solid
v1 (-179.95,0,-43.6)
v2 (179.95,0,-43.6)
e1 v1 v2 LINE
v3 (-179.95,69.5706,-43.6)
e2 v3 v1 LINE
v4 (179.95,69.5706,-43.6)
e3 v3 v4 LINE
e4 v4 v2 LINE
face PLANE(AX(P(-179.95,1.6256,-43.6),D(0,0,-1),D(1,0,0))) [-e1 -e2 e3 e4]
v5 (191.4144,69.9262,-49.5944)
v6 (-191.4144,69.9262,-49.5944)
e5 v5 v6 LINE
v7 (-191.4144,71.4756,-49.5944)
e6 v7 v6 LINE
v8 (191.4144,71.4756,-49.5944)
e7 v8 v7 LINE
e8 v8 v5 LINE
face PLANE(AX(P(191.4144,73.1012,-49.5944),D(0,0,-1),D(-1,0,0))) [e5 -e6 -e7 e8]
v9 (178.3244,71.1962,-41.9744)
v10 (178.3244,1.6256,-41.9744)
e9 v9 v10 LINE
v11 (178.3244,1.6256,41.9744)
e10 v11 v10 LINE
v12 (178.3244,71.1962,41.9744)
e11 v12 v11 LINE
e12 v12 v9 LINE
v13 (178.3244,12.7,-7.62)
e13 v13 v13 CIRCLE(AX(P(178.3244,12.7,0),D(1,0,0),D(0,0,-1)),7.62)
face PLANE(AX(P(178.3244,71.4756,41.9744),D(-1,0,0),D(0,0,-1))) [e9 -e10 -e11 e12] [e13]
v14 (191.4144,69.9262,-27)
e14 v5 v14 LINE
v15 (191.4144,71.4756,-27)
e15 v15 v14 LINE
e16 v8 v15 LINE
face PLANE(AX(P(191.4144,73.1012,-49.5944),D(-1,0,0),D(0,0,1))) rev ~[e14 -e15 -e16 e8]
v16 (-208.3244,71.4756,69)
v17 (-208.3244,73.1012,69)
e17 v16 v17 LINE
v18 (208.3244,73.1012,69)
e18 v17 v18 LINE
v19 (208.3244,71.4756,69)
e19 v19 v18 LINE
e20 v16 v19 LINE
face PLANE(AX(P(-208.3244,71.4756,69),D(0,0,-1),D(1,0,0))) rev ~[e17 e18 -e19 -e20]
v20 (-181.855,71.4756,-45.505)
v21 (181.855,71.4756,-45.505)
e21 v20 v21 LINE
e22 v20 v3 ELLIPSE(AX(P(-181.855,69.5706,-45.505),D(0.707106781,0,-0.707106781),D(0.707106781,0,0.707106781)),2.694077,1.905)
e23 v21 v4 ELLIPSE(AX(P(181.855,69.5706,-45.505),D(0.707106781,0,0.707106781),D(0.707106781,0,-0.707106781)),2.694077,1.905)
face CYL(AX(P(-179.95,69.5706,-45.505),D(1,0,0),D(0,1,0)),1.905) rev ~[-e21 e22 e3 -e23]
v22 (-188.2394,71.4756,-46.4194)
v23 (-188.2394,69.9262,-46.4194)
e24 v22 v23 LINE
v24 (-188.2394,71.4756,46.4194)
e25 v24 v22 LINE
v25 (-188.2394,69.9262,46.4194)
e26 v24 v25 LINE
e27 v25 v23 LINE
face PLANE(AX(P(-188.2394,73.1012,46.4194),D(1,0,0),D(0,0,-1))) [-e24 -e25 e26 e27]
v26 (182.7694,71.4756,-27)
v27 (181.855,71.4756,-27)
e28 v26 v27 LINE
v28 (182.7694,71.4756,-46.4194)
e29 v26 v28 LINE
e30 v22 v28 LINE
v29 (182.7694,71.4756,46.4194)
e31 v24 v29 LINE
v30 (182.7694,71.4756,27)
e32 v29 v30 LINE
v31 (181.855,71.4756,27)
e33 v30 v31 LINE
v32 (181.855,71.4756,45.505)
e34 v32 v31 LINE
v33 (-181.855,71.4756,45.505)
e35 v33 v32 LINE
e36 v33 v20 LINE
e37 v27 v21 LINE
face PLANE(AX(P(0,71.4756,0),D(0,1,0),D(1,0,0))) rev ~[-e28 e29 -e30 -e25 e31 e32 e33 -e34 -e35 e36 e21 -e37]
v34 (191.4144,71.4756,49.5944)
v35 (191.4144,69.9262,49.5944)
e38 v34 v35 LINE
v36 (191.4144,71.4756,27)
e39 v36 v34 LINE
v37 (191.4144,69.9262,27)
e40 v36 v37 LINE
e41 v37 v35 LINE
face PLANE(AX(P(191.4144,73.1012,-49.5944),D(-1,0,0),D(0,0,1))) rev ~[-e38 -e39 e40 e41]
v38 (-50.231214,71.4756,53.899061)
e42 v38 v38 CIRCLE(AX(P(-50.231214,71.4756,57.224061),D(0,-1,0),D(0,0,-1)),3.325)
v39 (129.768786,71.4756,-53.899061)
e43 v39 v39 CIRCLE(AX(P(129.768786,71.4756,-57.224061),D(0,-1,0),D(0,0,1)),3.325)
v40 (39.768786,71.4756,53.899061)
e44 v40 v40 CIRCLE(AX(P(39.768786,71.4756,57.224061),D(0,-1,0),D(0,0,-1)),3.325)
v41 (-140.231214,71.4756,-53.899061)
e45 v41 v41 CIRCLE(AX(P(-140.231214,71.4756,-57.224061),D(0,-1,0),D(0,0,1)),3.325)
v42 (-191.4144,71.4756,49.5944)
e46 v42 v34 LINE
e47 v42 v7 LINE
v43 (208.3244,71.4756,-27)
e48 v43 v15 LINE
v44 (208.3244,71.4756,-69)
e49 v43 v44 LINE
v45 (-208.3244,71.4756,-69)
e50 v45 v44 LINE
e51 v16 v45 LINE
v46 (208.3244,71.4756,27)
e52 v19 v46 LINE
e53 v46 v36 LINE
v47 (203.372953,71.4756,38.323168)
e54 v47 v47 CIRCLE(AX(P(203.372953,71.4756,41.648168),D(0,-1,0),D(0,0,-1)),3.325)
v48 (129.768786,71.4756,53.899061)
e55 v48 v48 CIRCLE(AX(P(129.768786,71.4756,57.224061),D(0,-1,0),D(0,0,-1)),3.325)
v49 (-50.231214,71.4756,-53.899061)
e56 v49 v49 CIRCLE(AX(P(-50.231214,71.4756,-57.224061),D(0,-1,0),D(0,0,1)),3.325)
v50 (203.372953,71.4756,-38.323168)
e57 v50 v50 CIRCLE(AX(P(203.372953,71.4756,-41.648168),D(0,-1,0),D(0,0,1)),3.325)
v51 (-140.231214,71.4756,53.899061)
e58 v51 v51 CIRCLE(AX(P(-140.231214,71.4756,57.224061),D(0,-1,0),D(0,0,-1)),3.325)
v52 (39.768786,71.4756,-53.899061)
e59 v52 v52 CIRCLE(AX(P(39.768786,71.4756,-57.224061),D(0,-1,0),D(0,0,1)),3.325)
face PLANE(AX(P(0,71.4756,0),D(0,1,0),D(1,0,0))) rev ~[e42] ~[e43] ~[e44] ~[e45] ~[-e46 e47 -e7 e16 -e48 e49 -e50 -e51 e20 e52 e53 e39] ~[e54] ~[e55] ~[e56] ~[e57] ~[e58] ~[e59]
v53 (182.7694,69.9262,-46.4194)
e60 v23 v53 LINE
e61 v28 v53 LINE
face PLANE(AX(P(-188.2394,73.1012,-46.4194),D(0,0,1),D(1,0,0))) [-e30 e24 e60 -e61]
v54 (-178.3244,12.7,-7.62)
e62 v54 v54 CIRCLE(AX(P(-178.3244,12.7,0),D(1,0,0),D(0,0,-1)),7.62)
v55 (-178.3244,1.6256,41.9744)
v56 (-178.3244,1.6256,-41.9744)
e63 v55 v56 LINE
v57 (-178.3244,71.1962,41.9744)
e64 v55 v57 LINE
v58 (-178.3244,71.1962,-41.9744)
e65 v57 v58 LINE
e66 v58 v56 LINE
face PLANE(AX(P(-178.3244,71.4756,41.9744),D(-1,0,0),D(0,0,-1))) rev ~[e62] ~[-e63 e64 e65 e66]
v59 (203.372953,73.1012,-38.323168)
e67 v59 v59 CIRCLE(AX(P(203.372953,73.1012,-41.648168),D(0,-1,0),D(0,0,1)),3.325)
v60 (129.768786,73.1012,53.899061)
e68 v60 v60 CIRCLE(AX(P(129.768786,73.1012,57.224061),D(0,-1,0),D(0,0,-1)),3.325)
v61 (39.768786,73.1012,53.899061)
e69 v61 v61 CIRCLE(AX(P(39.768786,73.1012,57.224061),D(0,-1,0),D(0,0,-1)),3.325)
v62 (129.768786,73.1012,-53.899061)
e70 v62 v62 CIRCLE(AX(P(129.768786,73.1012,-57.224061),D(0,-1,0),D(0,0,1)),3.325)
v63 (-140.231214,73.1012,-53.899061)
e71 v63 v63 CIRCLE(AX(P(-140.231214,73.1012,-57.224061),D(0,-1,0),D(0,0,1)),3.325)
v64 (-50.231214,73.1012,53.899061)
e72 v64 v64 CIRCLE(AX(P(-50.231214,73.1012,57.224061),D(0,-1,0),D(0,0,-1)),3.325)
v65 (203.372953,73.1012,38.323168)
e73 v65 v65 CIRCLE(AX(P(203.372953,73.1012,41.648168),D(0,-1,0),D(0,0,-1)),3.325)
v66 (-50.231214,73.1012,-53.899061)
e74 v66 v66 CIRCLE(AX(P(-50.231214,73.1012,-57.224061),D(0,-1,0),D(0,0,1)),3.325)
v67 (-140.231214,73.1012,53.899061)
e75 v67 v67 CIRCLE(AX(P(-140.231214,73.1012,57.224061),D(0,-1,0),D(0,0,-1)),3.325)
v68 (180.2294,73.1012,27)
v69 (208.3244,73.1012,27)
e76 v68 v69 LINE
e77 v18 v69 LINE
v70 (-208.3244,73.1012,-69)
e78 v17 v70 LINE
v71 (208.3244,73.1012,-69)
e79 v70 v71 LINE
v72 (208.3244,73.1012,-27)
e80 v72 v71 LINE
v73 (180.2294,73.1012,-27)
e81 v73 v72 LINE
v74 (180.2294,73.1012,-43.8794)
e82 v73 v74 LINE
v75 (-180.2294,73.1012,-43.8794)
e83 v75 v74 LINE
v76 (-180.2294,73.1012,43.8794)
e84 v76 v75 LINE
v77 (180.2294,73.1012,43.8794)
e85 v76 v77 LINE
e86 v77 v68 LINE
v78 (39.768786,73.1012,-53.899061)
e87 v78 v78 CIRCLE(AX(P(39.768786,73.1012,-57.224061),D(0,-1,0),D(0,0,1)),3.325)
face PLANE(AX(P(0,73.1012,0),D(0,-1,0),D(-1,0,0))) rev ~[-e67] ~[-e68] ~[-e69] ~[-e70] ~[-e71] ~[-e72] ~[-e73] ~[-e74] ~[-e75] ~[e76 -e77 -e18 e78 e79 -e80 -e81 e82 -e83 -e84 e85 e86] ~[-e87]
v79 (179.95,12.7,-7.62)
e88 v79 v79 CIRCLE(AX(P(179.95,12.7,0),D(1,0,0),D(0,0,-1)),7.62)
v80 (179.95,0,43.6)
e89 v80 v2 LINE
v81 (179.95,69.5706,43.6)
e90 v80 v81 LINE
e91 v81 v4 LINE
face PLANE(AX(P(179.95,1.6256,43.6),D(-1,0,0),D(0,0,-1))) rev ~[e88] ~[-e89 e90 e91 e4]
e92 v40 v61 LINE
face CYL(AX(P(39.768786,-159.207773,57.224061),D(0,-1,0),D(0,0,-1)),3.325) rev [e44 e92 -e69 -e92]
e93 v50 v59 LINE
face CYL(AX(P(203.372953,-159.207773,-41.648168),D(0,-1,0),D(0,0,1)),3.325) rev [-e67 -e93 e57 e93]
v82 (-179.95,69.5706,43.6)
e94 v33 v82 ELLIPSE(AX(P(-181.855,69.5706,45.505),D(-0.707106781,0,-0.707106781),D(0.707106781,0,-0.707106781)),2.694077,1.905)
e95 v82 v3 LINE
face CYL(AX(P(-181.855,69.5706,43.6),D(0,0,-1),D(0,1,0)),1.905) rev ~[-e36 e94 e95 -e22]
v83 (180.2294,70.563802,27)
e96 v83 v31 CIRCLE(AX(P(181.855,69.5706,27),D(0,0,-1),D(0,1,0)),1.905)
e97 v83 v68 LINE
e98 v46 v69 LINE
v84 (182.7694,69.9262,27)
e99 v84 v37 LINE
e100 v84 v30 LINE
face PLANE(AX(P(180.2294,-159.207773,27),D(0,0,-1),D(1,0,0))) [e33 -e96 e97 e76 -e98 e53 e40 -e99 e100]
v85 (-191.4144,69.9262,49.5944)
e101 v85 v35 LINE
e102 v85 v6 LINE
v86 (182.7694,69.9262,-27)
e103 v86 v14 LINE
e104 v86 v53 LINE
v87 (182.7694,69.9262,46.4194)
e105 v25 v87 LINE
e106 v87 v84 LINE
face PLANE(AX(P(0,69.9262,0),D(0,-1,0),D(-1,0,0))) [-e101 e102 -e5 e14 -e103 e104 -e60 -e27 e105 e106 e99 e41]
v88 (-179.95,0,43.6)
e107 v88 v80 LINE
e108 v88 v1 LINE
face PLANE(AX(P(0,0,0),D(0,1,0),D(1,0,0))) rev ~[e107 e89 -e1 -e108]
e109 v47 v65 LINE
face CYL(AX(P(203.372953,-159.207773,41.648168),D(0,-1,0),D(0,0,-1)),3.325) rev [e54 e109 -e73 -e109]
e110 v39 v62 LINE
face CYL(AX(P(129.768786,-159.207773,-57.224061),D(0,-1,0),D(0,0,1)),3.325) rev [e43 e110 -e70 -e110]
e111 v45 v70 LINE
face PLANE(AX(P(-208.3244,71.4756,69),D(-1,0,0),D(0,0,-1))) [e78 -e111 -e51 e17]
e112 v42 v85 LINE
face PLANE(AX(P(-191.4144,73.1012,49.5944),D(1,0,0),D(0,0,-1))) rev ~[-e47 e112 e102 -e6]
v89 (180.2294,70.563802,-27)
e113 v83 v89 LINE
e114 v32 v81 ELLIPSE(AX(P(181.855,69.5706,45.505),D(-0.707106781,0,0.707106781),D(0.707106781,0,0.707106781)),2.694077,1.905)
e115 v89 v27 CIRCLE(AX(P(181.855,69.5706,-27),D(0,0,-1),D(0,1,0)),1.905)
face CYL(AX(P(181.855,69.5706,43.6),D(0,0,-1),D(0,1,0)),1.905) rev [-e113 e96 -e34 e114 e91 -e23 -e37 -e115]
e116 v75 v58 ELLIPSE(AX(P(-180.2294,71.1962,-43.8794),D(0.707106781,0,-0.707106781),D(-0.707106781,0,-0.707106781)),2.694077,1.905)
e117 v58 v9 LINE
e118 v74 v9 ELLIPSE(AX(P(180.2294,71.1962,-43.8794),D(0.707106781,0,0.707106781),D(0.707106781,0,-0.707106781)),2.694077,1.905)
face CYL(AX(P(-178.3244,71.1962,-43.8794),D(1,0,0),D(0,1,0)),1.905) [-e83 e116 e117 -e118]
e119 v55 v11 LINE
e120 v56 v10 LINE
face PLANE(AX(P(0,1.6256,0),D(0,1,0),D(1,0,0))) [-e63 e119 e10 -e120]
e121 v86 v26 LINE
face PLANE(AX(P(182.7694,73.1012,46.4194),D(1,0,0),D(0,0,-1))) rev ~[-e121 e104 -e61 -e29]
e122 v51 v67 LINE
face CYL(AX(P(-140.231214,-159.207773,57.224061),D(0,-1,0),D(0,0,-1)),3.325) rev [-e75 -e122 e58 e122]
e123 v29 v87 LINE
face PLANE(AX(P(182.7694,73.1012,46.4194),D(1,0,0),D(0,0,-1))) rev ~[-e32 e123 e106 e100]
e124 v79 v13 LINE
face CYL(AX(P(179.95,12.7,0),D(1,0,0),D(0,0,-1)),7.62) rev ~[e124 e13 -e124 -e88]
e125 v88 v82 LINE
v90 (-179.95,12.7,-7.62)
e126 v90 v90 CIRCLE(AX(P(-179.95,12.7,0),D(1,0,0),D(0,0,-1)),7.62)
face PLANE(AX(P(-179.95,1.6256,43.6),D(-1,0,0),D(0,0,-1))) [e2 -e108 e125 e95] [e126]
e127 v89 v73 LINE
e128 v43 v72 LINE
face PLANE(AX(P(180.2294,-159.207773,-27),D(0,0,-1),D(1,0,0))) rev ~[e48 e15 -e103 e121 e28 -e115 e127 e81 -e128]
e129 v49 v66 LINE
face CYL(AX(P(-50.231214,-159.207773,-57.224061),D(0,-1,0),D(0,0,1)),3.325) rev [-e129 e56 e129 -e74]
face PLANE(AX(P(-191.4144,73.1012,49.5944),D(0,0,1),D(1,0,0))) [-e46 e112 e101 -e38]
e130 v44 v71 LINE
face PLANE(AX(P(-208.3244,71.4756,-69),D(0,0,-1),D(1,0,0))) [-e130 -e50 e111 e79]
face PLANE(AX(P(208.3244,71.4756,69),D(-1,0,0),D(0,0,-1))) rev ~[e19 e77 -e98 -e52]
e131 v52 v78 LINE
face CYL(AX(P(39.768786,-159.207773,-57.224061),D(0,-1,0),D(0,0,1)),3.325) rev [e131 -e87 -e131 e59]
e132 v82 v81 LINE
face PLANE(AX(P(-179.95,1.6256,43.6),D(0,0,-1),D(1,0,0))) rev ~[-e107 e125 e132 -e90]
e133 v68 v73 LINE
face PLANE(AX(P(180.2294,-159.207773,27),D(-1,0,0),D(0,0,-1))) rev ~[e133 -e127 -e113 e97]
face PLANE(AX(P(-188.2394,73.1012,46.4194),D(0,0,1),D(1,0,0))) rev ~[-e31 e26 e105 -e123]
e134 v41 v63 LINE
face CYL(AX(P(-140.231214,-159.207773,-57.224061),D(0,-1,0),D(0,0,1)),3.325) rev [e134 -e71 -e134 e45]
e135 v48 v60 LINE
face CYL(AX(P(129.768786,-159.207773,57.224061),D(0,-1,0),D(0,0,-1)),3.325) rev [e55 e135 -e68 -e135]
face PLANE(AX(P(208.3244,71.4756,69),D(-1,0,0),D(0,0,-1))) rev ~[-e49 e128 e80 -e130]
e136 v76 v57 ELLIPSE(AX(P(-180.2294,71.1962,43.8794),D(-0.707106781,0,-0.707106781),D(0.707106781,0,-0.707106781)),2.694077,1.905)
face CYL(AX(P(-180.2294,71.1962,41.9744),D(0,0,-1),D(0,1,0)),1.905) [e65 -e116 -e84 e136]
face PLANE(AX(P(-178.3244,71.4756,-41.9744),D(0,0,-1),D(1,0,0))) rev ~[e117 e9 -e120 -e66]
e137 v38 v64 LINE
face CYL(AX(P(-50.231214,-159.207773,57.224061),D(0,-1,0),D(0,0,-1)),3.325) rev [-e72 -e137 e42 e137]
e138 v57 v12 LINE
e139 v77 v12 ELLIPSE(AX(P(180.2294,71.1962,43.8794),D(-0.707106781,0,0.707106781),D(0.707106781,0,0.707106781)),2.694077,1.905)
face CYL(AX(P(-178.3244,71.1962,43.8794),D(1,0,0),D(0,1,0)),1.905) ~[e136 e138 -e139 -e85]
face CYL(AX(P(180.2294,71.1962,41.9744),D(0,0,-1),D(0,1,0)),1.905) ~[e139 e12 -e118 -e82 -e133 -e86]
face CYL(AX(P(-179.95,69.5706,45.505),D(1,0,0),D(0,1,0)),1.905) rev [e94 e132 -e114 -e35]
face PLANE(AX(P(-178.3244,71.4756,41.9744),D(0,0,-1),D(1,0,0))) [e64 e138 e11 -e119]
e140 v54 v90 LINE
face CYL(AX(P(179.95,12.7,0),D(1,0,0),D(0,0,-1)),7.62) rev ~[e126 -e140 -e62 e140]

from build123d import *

# Parameters (mm, degrees)
SKETCH1_W               = 359.9
SKETCH1_H               = 87.2
BOSS_EXTRUDE1_DEPTH     = 1.6256
SKETCH2_W               = 359.9
SKETCH2_H               = 87.2
SKETCH2_W_2             = 356.6488
SKETCH2_H_2             = 83.9488
BOSS_EXTRUDE2_DEPTH     = 69.85
SKETCH3_W               = 416.6488
SKETCH3_H               = 138
SKETCH3_W_2             = 356.6488
SKETCH3_H_2             = 83.9488
BOSS_EXTRUDE3_DEPTH     = 1.6256
FILLET1_R               = 1.905
SKETCH6_W               = 371.0088
SKETCH6_H               = 92.8388
BOSS_EXTRUDE4_DEPTH     = 3.175
SKETCH8_R               = 7.62
CUT_EXTRUDE2_DEPTH      = 402.075797246
CUT_EXTRUDE4_DEPTH      = 232.308973187
CUT_EXTRUDE4_DEPTH_BACK = 232.308973187
SKETCH17_W              = 28.095
SKETCH17_H              = 54
CUT_EXTRUDE5_DEPTH      = 232.308973187
CUT_EXTRUDE5_DEPTH_BACK = 232.308973187
SKETCH18_R              = 3.325


with BuildPart() as part:
    # Sketch1 → Boss-Extrude1 (new body)
    with BuildSketch(Plane(origin=(0, 0, 0), x_dir=(1, 0, 0), z_dir=(0, 1, 0))):
        Rectangle(SKETCH1_W, SKETCH1_H)
    extrude(amount=BOSS_EXTRUDE1_DEPTH)

    # Sketch2 → Boss-Extrude2 (add)
    with BuildSketch(Plane(origin=(0, 1.6256, 0), x_dir=(1, 0, 0), z_dir=(0, 1, 0))):
        Rectangle(SKETCH2_W, SKETCH2_H)
        Rectangle(SKETCH2_W_2, SKETCH2_H_2, mode=Mode.SUBTRACT)
    extrude(amount=BOSS_EXTRUDE2_DEPTH)

    # Sketch3 → Boss-Extrude3 (add)
    with BuildSketch(Plane(origin=(0, 71.4756, 0), x_dir=(1, 0, 0), z_dir=(0, 1, 0))):
        Rectangle(SKETCH3_W, SKETCH3_H)
        Rectangle(SKETCH3_W_2, SKETCH3_H_2, mode=Mode.SUBTRACT)
    extrude(amount=BOSS_EXTRUDE3_DEPTH)

    # Fillet1
    fillet1_edges = [part.edges().sort_by_distance(p)[0] for p in [
        (0, 71.4756, -43.6),
        (-179.95, 71.4756, 0),
        (0, 71.4756, 43.6),
        (179.95, 71.4756, 0),
        (-178.3244, 73.1012, 0),
        (0, 73.1012, 41.9744),
        (178.3244, 73.1012, 0),
        (0, 73.1012, -41.9744),
    ]]
    fillet(fillet1_edges, radius=FILLET1_R)

    # Sketch6 → Boss-Extrude4 (add)
    with BuildSketch(Plane(origin=(0, 73.1012, 0), x_dir=(1, 0, 0), z_dir=(0, 1, 0))):
        Polygon((188.2394, -49.5944), (-188.2394, -49.5944), (-191.4144, -49.5944), (-191.4144, 49.5944), (-188.2394, 49.5944), (188.2394, 49.5944), (191.4144, 49.5944), (191.4144, -49.5944), align=None)
        with Locations((-2.735, 0)):
            Rectangle(SKETCH6_W, SKETCH6_H, mode=Mode.SUBTRACT)
    extrude(amount=-BOSS_EXTRUDE4_DEPTH)

    # Sketch8 → Cut-Extrude2 (cut, through all)
    with BuildSketch(Plane(origin=(179.95, 0, 0), x_dir=(0, 0, -1), z_dir=(1, 0, 0))):
        with Locations((0, 12.7)):
            Circle(SKETCH8_R)
    extrude(amount=-CUT_EXTRUDE2_DEPTH, mode=Mode.SUBTRACT)

    # Sketch17 → Cut-Extrude4 (cut, two sides: drawn at the far end of the back side and taken through both)
    with BuildSketch(Plane(origin=(0, 73.1012, 0), x_dir=(1, 0, 0), z_dir=(0, 1, 0)).offset(-CUT_EXTRUDE4_DEPTH_BACK)):
        with Locations((194.2769, 0)):
            Rectangle(SKETCH17_W, SKETCH17_H)
    extrude(amount=CUT_EXTRUDE4_DEPTH + CUT_EXTRUDE4_DEPTH_BACK, mode=Mode.SUBTRACT)

    # Sketch18 → Cut-Extrude5 (cut, two sides: drawn at the far end of the back side and taken through both)
    with BuildSketch(Plane(origin=(0, 73.1012, 0), x_dir=(1, 0, 0), z_dir=(0, 1, 0)).offset(-CUT_EXTRUDE5_DEPTH_BACK)):
        with Locations(Location((203.37295269, 41.64816795, 0), (0, 0, 270))):
            Circle(SKETCH18_R)
        with Locations(Location((203.37295269, -41.64816795, 0), (0, 0, 90))):
            Circle(SKETCH18_R)
        with Locations(Location((129.76878637, 57.22406113, 0), (0, 0, 270))):
            Circle(SKETCH18_R)
        with Locations(Location((-50.23121363, 57.22406113, 0), (0, 0, 270))):
            Circle(SKETCH18_R)
        with Locations(Location((39.76878637, 57.22406113, 0), (0, 0, 270))):
            Circle(SKETCH18_R)
        with Locations(Location((-140.23121363, 57.22406113, 0), (0, 0, 270))):
            Circle(SKETCH18_R)
        with Locations(Location((129.76878637, -57.22406113, 0), (0, 0, 90))):
            Circle(SKETCH18_R)
        with Locations(Location((39.76878637, -57.22406113, 0), (0, 0, 90))):
            Circle(SKETCH18_R)
        with Locations(Location((-50.23121363, -57.22406113, 0), (0, 0, 90))):
            Circle(SKETCH18_R)
        with Locations(Location((-140.23121363, -57.22406113, 0), (0, 0, 90))):
            Circle(SKETCH18_R)
    extrude(amount=CUT_EXTRUDE5_DEPTH + CUT_EXTRUDE5_DEPTH_BACK, mode=Mode.SUBTRACT)


solid = part.part
